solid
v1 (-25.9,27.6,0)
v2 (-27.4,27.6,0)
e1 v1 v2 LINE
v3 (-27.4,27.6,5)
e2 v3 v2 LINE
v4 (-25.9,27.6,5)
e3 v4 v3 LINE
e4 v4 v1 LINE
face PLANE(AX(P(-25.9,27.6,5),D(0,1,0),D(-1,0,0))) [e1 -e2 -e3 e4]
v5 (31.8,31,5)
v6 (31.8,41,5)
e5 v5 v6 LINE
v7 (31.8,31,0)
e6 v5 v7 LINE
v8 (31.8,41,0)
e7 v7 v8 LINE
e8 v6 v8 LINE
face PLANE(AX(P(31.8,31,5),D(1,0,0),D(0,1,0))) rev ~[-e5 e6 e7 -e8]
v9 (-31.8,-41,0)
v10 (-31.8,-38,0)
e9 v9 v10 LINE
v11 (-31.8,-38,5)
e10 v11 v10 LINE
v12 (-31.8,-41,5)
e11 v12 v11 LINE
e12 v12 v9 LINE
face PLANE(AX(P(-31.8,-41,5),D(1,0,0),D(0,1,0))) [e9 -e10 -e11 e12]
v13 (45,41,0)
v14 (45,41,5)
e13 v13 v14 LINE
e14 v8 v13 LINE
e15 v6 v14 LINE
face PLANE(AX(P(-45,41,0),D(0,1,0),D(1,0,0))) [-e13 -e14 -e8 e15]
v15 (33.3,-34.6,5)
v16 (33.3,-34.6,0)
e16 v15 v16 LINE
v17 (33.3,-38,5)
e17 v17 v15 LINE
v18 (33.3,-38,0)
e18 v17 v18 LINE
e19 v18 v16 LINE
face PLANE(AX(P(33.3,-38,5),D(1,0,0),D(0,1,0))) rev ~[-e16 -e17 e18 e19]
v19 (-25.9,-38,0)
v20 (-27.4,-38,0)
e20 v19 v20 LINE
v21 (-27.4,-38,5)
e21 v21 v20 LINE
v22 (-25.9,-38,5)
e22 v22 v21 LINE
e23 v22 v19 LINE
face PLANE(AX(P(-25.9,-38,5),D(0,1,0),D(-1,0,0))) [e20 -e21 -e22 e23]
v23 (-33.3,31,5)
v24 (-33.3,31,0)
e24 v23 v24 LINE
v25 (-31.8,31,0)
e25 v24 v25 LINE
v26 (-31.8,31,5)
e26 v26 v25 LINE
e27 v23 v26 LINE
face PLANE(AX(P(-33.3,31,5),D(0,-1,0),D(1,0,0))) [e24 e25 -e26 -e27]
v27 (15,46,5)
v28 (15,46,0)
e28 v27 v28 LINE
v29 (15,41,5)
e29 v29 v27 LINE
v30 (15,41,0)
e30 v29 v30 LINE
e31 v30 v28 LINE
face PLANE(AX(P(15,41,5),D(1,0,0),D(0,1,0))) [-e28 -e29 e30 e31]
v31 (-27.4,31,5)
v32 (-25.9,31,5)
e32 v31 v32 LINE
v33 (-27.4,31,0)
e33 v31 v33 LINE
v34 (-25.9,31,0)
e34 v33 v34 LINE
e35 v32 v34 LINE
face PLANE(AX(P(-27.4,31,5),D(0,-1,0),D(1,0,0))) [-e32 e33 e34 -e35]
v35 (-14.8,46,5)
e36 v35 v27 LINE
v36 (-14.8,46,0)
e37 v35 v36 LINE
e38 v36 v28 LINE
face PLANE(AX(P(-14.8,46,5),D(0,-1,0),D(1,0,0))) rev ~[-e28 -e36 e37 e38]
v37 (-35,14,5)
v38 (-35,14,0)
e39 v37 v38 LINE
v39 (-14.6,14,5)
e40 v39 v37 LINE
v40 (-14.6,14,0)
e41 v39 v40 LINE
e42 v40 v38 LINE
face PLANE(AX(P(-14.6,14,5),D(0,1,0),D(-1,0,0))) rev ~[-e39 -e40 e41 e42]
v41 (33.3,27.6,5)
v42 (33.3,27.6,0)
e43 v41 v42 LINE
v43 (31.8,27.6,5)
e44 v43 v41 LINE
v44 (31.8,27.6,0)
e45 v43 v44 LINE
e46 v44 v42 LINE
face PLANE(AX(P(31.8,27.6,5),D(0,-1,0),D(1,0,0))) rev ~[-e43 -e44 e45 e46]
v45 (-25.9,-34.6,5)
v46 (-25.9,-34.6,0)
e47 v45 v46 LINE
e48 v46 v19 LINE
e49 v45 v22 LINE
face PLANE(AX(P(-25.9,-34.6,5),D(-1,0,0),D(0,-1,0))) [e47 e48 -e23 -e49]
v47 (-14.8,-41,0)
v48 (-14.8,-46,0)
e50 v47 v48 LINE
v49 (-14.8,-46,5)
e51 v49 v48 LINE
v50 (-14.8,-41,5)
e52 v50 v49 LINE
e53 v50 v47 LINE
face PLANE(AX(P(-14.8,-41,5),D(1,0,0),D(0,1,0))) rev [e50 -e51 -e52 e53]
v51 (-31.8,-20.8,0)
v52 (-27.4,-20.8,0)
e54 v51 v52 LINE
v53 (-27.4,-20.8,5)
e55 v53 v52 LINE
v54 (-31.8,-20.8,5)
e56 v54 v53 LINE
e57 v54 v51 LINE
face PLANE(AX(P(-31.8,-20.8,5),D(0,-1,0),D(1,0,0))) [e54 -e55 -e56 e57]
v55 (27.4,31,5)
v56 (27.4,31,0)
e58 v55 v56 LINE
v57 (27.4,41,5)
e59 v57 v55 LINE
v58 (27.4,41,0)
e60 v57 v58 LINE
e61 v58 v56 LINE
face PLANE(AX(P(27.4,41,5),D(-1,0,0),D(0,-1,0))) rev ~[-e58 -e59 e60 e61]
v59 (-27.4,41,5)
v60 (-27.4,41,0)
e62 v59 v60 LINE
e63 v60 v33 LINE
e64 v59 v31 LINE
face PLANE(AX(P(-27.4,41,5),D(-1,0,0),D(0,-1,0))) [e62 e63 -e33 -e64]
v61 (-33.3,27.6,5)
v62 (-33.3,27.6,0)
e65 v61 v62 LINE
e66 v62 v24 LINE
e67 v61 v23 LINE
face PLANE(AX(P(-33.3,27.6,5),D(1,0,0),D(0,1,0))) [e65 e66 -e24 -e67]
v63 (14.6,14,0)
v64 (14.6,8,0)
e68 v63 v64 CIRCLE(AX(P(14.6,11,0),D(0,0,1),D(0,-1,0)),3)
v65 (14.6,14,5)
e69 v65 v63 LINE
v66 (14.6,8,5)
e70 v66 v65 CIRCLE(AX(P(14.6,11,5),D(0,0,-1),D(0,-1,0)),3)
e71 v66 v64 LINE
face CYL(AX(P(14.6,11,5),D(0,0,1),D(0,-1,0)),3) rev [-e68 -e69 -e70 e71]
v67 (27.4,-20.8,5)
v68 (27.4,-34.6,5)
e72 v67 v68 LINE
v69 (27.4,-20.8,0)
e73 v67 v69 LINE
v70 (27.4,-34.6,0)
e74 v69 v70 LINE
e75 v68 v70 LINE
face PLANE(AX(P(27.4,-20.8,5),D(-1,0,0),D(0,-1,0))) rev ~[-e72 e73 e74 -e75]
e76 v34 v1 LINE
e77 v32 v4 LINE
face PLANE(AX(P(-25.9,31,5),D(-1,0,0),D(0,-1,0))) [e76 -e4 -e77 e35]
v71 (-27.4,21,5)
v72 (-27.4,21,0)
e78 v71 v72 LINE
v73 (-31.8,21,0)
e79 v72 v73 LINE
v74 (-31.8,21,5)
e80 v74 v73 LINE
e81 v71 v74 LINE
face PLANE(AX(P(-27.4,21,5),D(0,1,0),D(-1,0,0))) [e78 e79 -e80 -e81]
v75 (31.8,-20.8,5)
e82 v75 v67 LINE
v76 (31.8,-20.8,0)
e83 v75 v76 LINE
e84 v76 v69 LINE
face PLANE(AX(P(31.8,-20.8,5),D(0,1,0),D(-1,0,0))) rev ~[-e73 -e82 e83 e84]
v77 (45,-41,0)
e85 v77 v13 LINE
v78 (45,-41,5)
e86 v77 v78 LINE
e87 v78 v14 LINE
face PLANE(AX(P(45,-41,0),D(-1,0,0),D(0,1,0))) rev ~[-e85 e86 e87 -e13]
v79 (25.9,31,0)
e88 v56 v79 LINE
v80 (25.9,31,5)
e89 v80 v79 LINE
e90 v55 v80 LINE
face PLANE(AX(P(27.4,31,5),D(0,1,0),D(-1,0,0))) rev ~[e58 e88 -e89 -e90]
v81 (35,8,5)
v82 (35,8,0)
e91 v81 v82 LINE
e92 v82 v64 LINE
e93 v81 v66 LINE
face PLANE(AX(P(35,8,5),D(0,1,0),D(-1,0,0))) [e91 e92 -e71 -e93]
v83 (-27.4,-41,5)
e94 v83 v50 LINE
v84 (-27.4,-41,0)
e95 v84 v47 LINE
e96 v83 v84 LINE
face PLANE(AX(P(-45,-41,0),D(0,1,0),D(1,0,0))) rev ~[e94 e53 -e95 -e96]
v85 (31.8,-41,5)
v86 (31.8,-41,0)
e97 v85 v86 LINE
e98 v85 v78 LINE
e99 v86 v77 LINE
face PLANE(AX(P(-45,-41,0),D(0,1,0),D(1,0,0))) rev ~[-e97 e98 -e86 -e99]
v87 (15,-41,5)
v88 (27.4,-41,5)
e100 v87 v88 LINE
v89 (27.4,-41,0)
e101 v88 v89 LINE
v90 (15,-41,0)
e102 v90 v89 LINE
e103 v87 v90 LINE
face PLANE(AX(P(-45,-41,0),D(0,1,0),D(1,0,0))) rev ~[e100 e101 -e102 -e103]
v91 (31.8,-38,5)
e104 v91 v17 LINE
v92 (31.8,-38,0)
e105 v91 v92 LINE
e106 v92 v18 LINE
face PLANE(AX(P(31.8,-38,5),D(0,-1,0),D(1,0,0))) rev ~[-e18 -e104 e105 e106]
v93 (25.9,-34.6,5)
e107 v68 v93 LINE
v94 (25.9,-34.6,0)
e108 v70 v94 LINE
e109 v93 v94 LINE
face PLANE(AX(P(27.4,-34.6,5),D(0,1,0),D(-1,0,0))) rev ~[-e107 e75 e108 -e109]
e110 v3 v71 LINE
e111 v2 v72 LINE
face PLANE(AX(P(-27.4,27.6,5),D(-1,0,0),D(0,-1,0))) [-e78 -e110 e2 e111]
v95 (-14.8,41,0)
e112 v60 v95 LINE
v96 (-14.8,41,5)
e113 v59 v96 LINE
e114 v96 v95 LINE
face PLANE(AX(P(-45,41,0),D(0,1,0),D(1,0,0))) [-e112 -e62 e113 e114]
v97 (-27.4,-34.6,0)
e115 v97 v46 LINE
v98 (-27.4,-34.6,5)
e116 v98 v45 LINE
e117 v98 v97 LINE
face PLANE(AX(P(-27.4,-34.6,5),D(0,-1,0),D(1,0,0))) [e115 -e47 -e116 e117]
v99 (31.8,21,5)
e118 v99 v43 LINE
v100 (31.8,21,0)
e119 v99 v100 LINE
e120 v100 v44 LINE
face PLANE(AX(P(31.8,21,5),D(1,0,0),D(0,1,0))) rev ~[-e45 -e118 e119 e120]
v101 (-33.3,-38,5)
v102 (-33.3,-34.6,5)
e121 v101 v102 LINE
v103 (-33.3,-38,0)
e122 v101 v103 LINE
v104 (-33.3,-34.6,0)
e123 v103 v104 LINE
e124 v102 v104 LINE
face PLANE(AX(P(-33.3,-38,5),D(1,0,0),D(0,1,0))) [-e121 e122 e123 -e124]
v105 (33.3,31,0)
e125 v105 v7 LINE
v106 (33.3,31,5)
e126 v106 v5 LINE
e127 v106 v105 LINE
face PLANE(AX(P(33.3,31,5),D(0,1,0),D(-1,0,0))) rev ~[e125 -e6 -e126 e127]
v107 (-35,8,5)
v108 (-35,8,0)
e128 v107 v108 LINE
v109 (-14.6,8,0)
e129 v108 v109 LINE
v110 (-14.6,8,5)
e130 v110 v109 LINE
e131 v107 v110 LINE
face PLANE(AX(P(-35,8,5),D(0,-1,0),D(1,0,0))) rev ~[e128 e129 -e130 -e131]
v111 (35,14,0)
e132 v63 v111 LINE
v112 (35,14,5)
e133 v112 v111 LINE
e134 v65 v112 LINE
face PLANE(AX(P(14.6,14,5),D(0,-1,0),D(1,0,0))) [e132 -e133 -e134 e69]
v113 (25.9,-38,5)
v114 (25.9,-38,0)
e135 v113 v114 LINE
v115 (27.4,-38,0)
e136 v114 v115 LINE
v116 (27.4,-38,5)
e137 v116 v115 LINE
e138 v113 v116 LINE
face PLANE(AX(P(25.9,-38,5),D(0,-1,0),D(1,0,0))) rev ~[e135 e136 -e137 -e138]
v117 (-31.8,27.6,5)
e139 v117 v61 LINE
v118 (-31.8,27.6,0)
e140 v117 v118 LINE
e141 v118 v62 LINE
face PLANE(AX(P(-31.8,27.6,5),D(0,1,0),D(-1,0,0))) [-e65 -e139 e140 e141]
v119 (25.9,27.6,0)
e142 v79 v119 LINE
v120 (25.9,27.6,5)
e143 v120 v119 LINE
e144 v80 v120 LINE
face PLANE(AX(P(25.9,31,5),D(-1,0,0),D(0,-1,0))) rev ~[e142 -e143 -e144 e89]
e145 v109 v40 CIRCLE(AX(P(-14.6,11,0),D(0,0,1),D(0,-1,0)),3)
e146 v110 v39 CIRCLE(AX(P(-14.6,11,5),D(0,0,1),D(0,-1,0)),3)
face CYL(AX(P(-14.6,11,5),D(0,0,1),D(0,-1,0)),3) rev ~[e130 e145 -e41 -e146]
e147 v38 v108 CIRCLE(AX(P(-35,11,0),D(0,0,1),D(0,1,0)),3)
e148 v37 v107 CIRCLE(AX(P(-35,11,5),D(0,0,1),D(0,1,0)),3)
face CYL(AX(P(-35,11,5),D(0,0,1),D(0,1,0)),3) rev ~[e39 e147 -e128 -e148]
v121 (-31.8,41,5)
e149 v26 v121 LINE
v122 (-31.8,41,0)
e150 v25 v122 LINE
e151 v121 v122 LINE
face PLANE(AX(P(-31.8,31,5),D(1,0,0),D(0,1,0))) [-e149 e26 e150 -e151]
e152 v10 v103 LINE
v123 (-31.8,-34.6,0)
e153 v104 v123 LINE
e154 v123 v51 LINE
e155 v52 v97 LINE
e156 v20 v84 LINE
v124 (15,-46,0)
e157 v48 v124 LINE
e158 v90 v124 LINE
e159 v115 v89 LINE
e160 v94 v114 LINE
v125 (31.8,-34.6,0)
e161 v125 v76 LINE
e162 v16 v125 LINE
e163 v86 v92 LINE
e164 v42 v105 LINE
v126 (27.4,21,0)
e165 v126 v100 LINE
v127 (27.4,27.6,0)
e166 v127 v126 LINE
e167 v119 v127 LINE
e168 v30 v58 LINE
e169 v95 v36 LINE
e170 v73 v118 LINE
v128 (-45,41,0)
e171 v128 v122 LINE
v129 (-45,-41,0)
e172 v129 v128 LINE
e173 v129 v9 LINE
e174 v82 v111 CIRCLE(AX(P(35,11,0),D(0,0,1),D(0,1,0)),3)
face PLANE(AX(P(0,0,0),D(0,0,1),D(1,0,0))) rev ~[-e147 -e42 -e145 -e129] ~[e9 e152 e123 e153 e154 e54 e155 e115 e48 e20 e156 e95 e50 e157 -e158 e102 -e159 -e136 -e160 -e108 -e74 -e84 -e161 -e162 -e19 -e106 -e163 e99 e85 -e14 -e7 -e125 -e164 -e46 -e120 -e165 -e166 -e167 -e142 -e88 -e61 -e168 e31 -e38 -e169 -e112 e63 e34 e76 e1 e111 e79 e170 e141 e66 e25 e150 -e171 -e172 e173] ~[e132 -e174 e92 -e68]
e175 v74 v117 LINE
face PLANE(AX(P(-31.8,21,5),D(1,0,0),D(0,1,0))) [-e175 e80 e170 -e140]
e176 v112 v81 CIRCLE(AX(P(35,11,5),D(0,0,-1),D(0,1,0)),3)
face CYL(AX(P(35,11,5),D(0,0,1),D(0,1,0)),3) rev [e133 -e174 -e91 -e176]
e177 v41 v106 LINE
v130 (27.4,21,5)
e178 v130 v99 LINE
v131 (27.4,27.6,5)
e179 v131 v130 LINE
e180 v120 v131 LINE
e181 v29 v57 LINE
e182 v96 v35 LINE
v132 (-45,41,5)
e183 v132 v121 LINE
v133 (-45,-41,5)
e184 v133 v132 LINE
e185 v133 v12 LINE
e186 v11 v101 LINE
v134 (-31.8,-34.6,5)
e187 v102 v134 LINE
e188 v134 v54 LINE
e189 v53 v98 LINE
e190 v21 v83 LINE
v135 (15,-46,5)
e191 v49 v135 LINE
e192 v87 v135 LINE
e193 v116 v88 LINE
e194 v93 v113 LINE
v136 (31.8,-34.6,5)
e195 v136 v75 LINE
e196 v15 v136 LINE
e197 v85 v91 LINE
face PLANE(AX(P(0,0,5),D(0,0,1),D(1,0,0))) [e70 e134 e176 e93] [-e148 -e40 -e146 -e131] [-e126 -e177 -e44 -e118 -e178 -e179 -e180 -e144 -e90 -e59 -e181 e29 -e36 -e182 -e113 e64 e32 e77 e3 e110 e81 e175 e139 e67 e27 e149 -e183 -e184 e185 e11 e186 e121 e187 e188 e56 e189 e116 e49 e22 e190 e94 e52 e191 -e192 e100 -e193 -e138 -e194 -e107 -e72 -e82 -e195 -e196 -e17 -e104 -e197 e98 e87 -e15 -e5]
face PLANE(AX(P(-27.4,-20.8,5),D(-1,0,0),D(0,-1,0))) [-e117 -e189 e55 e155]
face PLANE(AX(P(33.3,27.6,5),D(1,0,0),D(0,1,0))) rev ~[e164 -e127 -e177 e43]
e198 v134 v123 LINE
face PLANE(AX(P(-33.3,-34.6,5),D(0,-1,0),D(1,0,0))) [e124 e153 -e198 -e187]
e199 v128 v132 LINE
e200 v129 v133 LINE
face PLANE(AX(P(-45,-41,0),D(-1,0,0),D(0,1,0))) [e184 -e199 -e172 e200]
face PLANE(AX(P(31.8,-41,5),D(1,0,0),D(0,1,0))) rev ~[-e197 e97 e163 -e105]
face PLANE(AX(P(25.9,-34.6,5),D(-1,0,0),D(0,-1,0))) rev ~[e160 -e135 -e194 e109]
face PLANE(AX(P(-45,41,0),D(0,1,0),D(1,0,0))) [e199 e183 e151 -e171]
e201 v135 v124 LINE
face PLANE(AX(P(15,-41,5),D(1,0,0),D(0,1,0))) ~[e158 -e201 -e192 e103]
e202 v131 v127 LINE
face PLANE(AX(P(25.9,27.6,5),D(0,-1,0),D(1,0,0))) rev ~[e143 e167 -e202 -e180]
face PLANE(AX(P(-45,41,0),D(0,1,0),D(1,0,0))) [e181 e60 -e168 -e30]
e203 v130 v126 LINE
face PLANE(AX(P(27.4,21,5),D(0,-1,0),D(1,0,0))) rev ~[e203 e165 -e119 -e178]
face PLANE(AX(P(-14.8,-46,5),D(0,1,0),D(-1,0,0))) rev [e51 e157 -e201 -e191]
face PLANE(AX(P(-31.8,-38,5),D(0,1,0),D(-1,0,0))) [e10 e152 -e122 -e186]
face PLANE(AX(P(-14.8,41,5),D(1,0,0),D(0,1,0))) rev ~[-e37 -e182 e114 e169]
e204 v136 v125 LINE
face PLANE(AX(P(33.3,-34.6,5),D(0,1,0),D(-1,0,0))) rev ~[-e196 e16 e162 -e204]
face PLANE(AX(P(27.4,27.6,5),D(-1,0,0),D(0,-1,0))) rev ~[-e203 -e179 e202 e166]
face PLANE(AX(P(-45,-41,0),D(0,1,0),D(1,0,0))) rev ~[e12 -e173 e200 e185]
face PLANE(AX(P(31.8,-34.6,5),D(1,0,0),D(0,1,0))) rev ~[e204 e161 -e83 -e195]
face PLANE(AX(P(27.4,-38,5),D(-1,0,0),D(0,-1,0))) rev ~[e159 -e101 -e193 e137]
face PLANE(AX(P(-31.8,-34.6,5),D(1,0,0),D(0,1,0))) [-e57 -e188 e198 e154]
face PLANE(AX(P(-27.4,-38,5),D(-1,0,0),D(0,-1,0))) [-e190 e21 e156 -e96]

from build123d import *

# Parameters (mm, degrees)
SKETCH1_W           = 90
SKETCH1_H           = 82
BOSS_EXTRUDE1_DEPTH = 5
SKETCH4_W           = 29.8
SKETCH4_H           = 5
BOSS_EXTRUDE2_DEPTH = 5
CUT_EXTRUDE1_DEPTH  = 10
CUT_EXTRUDE2_DEPTH  = 10


with BuildPart() as part:
    # Sketch1 → Boss-Extrude1 (new body)
    with BuildSketch(Plane.XY):
        Rectangle(SKETCH1_W, SKETCH1_H)
    extrude(amount=BOSS_EXTRUDE1_DEPTH)

    # Sketch4 → Boss-Extrude2 (add)
    with BuildSketch(Plane.XY.offset(5)):
        with Locations((0.1, 43.5)):
            Rectangle(SKETCH4_W, SKETCH4_H)
    boss_extrude2 = extrude(amount=-BOSS_EXTRUDE2_DEPTH)

    # Mirror1: Boss-Extrude2 across plane
    add(boss_extrude2.mirror(Plane(origin=(0, 0, 0), x_dir=(0, 0, 1), z_dir=(0, -1, 0))))

    # Sketch5 → Cut-Extrude1 (cut)
    with BuildSketch(Plane.XY.offset(5)):
        Polygon((27.39999999, 41), (27.39999999, 31), (25.89999999, 31), (25.89999999, 27.6), (27.39999999, 27.6), (27.39999999, 21), (31.79999999, 21), (31.79999999, 27.6), (33.29999999, 27.6), (33.29999999, 31), (31.79999999, 31), (31.79999999, 41), align=None)
        Polygon((-27.39999999, 27.6), (-27.39999999, 21), (-31.79999999, 21), (-31.79999999, 27.6), (-33.29999999, 27.6), (-33.29999999, 31), (-31.79999999, 31), (-31.79999999, 41), (-27.39999999, 41), (-27.39999999, 31), (-25.89999999, 31), (-25.89999999, 27.6), align=None)
        Polygon((-27.4, -38), (-27.4, -41), (-31.8, -41), (-31.8, -38), (-33.3, -38), (-33.3, -34.6), (-31.8, -34.6), (-31.8, -20.8), (-27.4, -20.8), (-27.4, -34.6), (-25.9, -34.6), (-25.9, -38), align=None)
        Polygon((31.8, -41), (31.8, -38), (33.3, -38), (33.3, -34.6), (31.8, -34.6), (31.8, -20.8), (27.4, -20.8), (27.4, -34.6), (25.9, -34.6), (25.9, -38), (27.4, -38), (27.4, -41), align=None)
    extrude(amount=-CUT_EXTRUDE1_DEPTH, mode=Mode.SUBTRACT)

    # Sketch6 → Cut-Extrude2 (cut)
    with BuildSketch(Plane.XY.offset(5)):
        with BuildLine():
            Line((-14.6, 14), (-35, 14))
            ThreePointArc((-35, 14), (-38, 11), (-35, 8))
            Line((-35, 8), (-14.6, 8))
            ThreePointArc((-14.6, 8), (-11.6, 11), (-14.6, 14))
        make_face()
        with BuildLine():
            Line((35, 8), (14.6, 8))
            ThreePointArc((14.6, 8), (11.6, 11), (14.6, 14))
            Line((14.6, 14), (35, 14))
            ThreePointArc((35, 14), (38, 11), (35, 8))
        make_face()
    extrude(amount=-CUT_EXTRUDE2_DEPTH, mode=Mode.SUBTRACT)


solid = part.part
